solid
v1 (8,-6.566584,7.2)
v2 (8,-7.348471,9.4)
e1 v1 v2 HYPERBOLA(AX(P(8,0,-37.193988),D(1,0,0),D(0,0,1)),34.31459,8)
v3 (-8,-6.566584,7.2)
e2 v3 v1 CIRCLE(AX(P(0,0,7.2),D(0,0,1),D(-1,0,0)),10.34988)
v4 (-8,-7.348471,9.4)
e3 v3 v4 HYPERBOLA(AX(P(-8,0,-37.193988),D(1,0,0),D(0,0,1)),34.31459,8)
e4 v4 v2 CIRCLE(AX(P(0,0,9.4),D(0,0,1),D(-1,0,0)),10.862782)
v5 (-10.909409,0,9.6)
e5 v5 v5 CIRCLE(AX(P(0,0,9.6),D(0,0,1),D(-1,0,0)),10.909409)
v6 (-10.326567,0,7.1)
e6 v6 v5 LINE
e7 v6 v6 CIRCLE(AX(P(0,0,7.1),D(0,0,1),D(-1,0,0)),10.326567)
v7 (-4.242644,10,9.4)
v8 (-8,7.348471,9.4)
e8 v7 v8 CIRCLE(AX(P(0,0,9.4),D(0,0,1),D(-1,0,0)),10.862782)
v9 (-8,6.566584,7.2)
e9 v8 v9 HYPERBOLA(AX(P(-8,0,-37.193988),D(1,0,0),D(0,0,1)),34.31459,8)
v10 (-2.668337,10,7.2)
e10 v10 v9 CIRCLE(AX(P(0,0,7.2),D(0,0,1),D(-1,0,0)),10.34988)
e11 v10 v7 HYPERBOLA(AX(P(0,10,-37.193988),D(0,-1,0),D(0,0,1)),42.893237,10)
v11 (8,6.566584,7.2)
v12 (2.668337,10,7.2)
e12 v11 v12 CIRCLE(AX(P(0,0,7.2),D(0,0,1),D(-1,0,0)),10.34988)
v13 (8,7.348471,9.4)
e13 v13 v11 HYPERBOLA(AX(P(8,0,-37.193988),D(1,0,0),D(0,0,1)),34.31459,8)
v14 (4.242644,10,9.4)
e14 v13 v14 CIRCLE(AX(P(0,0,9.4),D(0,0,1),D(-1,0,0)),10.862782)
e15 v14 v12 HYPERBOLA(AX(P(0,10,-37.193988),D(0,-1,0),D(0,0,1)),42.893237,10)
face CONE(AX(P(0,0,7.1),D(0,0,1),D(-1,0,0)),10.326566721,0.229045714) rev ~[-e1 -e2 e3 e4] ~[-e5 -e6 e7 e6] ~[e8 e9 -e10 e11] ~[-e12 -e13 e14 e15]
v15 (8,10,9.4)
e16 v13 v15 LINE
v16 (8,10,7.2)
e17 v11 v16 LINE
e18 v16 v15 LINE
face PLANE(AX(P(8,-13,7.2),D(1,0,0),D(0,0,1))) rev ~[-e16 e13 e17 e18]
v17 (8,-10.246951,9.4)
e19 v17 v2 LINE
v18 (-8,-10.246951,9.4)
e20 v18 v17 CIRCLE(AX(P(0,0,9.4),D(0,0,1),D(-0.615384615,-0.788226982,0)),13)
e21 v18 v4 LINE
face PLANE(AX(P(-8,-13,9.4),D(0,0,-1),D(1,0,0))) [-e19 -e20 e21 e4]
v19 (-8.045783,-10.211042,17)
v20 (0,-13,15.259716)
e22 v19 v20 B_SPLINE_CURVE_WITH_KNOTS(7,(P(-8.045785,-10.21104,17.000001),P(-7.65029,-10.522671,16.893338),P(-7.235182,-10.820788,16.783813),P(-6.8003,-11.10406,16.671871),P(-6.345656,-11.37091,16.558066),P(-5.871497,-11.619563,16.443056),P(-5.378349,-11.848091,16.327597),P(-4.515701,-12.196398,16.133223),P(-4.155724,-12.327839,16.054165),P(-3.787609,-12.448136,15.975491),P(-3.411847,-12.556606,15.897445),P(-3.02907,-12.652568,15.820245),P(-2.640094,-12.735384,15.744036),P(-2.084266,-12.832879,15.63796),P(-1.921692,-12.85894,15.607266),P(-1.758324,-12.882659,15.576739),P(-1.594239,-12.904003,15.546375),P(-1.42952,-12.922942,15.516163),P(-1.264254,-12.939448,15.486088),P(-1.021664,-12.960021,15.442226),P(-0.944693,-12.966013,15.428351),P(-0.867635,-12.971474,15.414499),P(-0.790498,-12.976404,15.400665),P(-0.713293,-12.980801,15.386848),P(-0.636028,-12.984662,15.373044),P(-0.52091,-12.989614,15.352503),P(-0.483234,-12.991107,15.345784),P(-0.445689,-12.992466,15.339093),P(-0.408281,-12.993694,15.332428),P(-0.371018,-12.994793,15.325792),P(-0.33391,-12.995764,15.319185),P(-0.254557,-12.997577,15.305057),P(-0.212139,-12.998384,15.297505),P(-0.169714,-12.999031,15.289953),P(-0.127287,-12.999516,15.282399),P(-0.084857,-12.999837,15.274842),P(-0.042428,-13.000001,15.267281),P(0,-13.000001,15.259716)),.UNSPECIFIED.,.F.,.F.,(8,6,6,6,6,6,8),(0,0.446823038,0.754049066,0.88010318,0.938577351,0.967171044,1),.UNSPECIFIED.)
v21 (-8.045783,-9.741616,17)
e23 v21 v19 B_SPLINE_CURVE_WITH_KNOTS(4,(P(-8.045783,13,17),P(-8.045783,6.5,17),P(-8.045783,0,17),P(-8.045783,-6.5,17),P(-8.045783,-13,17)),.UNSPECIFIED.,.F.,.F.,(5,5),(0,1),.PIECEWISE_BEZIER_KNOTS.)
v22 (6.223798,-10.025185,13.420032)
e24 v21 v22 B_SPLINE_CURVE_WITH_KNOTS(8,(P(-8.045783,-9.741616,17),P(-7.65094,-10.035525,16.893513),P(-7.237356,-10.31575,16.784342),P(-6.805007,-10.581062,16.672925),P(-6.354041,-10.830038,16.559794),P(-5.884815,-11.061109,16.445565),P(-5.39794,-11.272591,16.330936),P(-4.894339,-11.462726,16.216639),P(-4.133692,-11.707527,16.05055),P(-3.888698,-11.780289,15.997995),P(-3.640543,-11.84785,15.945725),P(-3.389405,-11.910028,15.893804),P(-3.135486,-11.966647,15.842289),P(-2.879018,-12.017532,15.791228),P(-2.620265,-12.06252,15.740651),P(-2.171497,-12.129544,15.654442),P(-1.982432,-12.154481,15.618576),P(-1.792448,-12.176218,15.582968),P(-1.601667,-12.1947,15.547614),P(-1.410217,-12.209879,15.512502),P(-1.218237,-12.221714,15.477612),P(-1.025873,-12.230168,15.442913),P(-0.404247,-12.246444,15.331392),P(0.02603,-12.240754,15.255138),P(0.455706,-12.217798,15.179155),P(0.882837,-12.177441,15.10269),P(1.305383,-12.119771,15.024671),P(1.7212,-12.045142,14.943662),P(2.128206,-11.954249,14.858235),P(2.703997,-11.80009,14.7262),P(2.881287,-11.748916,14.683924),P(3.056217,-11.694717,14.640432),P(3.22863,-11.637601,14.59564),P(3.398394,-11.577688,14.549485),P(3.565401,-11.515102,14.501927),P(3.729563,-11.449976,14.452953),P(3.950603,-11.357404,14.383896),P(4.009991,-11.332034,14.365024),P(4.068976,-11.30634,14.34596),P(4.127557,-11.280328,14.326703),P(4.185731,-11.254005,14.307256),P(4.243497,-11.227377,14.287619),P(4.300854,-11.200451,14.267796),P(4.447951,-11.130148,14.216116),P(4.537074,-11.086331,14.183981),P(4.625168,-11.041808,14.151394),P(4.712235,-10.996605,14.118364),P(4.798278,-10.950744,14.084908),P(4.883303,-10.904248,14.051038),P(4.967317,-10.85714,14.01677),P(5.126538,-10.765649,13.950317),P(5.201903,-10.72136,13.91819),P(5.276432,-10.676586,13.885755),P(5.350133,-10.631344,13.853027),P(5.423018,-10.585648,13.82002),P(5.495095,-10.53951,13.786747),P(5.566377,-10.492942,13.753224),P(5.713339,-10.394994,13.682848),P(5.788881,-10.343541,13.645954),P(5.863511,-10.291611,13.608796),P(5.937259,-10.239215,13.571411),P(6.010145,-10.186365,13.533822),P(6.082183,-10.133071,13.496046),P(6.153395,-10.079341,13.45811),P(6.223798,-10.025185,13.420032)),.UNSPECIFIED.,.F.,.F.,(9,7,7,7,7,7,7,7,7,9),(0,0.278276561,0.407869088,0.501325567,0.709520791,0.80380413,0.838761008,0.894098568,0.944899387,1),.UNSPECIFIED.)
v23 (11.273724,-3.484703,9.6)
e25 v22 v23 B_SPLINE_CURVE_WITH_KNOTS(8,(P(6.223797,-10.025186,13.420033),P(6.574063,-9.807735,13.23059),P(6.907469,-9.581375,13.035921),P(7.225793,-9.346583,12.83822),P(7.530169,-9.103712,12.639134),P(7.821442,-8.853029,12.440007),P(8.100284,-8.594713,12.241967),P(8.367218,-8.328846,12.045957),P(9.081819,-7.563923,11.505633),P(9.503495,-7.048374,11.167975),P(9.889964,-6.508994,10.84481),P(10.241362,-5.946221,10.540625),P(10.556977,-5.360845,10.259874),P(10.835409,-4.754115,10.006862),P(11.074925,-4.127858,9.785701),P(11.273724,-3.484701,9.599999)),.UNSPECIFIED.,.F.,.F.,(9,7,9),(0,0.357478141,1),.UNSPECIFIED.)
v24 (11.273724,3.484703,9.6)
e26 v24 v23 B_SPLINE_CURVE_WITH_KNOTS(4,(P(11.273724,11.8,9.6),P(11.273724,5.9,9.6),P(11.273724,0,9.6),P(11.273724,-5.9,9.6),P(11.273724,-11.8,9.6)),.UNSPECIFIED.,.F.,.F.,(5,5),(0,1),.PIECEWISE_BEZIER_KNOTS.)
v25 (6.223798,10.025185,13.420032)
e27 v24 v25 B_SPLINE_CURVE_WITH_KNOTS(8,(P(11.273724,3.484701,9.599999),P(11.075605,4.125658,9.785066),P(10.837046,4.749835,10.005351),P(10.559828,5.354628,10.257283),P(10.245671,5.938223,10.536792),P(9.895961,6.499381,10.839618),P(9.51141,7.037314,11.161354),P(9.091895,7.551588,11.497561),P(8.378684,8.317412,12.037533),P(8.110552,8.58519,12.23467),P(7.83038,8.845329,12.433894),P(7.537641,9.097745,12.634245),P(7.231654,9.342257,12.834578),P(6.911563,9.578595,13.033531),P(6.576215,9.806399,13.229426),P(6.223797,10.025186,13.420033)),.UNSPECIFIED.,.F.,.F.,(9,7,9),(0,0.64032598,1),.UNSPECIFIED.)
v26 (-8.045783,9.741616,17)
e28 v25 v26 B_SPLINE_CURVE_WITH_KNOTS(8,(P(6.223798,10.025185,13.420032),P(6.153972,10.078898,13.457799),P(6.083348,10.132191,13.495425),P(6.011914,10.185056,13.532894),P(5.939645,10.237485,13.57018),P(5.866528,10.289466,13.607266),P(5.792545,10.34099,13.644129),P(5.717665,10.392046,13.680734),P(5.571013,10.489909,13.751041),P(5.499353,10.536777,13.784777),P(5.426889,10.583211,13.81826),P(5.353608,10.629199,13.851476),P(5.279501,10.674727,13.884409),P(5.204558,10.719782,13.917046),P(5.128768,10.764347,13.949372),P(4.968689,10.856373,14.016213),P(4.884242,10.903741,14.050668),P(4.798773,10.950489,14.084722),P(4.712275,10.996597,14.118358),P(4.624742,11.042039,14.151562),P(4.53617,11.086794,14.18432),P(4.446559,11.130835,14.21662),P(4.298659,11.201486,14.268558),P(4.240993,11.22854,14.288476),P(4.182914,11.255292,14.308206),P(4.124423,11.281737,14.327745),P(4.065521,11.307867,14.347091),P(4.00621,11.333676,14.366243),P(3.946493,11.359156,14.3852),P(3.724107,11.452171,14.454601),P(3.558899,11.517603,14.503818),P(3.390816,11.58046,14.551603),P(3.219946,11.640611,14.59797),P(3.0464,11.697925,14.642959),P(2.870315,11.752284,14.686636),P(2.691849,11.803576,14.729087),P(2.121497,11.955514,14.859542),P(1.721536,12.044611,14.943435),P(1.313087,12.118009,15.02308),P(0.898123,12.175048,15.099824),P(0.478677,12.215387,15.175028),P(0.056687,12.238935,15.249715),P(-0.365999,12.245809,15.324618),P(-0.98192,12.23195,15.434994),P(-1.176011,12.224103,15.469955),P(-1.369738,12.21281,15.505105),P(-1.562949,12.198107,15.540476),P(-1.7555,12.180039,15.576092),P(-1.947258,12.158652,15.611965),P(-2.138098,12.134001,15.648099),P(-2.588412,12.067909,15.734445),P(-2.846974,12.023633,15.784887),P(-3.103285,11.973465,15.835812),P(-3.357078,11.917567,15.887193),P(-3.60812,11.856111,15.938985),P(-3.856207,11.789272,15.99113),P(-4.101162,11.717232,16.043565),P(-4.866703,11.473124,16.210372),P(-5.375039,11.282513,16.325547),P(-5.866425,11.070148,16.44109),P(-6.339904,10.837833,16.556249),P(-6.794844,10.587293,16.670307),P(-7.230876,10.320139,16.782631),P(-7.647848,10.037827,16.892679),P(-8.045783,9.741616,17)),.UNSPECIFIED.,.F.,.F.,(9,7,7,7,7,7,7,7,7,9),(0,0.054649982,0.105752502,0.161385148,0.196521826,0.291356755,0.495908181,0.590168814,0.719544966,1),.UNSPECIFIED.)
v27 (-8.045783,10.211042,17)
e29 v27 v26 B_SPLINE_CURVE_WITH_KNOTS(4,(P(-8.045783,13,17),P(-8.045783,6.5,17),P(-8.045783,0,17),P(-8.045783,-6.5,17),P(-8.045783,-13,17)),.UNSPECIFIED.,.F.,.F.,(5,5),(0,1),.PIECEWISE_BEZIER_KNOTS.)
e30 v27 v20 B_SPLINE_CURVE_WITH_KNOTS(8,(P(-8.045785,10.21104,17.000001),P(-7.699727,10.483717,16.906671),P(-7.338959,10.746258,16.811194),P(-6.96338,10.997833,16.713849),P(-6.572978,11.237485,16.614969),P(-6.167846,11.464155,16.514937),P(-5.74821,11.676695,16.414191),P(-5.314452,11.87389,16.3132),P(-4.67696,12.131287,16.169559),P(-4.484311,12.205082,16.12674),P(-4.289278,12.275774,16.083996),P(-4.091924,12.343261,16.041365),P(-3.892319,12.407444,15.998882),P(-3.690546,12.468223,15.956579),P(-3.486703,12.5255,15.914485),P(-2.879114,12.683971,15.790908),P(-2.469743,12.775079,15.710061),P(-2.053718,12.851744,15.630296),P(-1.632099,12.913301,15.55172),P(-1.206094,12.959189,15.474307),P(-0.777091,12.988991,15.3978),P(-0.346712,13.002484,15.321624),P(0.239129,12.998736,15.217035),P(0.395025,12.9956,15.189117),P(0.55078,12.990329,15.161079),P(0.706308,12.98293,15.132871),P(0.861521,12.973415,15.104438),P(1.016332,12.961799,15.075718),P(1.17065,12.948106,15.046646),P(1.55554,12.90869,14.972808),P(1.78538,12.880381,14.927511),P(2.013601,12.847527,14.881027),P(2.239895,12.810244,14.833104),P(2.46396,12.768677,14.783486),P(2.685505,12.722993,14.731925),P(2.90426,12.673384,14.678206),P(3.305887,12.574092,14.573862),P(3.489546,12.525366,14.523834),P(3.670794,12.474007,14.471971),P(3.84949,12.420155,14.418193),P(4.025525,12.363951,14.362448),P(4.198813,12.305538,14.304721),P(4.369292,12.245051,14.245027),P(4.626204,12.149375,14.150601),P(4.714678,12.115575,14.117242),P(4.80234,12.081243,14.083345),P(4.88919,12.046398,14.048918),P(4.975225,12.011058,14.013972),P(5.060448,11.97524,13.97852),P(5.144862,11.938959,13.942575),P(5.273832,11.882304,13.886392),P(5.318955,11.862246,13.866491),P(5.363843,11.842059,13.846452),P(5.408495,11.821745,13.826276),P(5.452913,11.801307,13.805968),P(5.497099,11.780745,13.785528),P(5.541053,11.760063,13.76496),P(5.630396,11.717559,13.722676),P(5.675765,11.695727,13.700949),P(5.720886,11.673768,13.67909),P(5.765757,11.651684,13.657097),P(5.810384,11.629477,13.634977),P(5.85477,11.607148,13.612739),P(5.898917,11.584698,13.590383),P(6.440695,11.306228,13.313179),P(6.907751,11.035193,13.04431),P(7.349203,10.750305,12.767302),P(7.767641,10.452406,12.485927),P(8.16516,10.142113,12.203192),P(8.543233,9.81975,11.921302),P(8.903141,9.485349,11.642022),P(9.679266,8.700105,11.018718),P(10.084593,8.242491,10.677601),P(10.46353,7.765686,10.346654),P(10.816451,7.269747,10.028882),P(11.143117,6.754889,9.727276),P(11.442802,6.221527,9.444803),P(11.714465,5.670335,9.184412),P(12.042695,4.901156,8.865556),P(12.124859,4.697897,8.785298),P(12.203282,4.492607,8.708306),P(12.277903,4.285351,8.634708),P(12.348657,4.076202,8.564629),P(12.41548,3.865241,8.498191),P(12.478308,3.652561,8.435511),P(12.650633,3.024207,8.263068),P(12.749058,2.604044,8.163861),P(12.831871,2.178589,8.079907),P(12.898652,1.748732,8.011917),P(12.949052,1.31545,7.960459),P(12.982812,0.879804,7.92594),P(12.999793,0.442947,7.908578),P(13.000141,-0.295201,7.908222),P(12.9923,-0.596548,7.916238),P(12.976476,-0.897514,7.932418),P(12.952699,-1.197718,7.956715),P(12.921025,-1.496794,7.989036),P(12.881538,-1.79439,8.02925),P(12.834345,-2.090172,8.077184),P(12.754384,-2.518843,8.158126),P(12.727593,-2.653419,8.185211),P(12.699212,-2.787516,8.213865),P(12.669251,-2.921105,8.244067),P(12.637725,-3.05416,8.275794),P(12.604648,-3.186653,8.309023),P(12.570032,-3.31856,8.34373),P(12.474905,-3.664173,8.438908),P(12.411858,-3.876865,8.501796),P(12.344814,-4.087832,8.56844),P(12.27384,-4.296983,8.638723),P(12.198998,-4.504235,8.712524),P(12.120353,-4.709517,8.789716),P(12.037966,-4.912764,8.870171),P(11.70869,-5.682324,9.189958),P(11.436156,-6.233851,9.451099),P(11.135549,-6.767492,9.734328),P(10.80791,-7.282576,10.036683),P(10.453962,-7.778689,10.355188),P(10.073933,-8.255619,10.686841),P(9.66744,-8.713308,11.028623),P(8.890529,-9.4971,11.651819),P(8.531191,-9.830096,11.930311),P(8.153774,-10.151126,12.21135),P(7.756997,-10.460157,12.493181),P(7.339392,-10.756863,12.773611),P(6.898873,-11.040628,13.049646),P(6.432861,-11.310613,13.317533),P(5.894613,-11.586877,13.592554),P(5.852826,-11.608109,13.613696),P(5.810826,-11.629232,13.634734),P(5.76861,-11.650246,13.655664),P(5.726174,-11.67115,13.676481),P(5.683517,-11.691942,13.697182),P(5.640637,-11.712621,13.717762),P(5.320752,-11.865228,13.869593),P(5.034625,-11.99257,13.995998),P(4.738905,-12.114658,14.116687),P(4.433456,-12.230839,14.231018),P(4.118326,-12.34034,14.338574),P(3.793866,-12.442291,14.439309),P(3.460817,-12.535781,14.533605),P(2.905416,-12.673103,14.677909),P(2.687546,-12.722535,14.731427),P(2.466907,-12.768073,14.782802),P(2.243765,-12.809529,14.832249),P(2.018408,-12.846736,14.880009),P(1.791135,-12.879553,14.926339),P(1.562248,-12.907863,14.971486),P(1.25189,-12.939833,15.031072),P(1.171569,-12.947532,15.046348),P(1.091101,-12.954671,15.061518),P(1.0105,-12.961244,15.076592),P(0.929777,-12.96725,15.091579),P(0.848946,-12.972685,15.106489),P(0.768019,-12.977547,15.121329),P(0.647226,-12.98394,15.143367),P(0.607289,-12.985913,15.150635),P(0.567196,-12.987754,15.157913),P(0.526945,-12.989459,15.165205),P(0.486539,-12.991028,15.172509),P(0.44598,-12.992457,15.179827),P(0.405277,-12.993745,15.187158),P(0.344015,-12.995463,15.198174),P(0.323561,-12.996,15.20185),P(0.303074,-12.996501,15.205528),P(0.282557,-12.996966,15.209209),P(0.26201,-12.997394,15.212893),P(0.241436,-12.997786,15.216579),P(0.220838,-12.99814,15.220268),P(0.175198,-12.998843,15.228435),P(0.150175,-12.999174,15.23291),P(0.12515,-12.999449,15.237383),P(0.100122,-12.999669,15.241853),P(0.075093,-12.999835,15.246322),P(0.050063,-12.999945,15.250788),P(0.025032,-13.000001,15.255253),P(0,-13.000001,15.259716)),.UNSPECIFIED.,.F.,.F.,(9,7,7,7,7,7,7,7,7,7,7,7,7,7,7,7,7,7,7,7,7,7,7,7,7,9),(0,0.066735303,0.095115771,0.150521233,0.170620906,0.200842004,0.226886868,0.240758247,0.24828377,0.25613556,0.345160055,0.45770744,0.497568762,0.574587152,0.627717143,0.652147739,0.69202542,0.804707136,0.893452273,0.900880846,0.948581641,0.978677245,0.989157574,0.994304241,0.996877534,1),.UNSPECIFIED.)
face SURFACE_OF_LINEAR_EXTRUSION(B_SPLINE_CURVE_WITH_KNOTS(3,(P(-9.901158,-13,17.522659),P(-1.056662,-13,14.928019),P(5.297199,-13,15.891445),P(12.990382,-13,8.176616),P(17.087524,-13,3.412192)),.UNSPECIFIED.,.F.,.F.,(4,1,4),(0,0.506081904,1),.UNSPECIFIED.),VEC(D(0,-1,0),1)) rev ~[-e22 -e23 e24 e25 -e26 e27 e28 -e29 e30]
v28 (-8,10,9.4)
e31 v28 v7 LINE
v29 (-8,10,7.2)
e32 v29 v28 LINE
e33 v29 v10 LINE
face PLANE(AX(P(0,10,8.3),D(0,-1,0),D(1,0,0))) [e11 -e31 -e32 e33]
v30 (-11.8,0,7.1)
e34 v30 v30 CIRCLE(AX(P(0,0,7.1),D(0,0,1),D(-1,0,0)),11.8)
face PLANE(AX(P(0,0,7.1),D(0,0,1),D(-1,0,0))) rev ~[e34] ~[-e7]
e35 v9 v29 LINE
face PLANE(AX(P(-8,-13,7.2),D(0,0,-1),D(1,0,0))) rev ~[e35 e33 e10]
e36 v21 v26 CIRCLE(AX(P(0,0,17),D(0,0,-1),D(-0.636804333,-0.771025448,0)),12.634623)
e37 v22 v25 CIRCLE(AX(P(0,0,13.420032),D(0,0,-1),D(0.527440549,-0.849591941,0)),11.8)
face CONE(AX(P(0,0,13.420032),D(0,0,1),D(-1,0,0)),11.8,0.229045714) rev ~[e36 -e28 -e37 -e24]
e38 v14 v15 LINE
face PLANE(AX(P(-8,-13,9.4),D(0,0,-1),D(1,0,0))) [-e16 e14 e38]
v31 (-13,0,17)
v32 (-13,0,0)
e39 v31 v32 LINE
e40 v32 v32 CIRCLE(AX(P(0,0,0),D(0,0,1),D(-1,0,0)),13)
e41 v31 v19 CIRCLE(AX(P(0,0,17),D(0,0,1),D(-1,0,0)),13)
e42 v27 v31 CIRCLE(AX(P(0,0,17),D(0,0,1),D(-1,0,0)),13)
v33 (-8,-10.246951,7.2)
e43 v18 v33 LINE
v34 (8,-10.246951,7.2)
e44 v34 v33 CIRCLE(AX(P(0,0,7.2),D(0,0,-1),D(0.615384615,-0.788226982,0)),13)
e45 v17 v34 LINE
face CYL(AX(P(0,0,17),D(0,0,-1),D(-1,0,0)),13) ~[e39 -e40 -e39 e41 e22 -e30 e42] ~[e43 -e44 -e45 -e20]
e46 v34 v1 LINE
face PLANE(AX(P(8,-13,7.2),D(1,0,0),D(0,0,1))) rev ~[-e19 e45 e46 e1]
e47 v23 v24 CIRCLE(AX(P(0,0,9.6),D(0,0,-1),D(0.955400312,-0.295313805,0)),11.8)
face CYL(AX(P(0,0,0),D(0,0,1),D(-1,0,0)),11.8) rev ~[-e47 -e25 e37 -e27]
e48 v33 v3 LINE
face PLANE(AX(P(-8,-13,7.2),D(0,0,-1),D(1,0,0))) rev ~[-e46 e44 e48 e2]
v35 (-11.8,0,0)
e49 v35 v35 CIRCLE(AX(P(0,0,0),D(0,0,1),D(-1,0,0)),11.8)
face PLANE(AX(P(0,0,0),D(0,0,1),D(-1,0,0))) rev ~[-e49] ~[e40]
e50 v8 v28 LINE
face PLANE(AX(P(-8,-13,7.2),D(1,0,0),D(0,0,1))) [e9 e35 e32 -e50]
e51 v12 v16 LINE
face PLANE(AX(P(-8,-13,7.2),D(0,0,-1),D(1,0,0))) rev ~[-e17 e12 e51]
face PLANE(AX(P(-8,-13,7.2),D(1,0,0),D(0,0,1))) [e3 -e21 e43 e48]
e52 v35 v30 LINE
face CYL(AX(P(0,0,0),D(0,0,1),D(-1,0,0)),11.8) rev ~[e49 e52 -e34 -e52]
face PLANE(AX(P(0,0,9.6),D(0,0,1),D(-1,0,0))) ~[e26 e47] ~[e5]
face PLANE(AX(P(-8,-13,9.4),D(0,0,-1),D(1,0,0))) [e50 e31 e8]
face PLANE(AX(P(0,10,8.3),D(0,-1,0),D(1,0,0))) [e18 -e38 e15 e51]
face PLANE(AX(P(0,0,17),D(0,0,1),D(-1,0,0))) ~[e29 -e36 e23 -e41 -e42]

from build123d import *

# Parameters (mm, degrees)
F4_DEPTH = 26.001
F3_W     = 16
F3_H     = 2.2
F5_DEPTH = 23


with BuildPart() as f1:
    # F0 (on Front) → F1 (revolve)
    with BuildSketch(Plane.XZ):
        Polygon((-13, 0), (-11.8, 0), (-11.8, 7.1), (-11.8, 9.6), (-11.8, 13.4200323373), (-12.6346228644, 17), (-13, 17), align=None)
        Polygon((-11.8, 9.6), (-11.8, 7.1), (-10.3265667208, 7.1), (-10.9094091813, 9.6), align=None)
    revolve(axis=Axis((0, 0, 8.5), (0, 0, 1)))

    # F3 (on offset) → F4 (cut, through all)
    with BuildSketch(Plane.XZ.offset(13)):
        with BuildLine():
            add(Edge.make_bspline(
                [(-9.9011575398, 17.5226589309), (-10.2594239129, 18.308274348), (-11.2375961727, 20.4532348174), (-2.9366854637, 21.7150870272), (14.527182625, 22.1780936044), (24.3522467857, 14.4704645715), (20.6659768906, 6.8973925089), (20.535883493, 6.3841777406), (18.5511625655, 4.67363665), (17.0875235032, 3.4121924222)],
                knots=[0, 0, 0, 0, 0.0870359311, 0.2376336152, 0.4909532197, 0.6806586372, 0.8308190148, 0.8752369186, 1, 1, 1, 1], degree=3))
            add(Edge.make_bspline(
                [(-9.9011575398, 17.5226589309), (-1.0566617884, 14.9280194281), (5.2971986995, 15.8914451573), (12.9903821447, 8.1766160182), (17.0875235032, 3.4121924222)],
                knots=[0, 0, 0, 0, 0.5060819041, 1, 1, 1, 1], degree=3))
        make_face()
    extrude(amount=-F4_DEPTH, mode=Mode.SUBTRACT)

    # F3 (on offset) → F5 (cut)
    with BuildSketch(Plane.XZ.offset(13)):
        with Locations((0, 8.3)):
            Rectangle(F3_W, F3_H)
    extrude(amount=-F5_DEPTH, mode=Mode.SUBTRACT)


solid = f1.part
